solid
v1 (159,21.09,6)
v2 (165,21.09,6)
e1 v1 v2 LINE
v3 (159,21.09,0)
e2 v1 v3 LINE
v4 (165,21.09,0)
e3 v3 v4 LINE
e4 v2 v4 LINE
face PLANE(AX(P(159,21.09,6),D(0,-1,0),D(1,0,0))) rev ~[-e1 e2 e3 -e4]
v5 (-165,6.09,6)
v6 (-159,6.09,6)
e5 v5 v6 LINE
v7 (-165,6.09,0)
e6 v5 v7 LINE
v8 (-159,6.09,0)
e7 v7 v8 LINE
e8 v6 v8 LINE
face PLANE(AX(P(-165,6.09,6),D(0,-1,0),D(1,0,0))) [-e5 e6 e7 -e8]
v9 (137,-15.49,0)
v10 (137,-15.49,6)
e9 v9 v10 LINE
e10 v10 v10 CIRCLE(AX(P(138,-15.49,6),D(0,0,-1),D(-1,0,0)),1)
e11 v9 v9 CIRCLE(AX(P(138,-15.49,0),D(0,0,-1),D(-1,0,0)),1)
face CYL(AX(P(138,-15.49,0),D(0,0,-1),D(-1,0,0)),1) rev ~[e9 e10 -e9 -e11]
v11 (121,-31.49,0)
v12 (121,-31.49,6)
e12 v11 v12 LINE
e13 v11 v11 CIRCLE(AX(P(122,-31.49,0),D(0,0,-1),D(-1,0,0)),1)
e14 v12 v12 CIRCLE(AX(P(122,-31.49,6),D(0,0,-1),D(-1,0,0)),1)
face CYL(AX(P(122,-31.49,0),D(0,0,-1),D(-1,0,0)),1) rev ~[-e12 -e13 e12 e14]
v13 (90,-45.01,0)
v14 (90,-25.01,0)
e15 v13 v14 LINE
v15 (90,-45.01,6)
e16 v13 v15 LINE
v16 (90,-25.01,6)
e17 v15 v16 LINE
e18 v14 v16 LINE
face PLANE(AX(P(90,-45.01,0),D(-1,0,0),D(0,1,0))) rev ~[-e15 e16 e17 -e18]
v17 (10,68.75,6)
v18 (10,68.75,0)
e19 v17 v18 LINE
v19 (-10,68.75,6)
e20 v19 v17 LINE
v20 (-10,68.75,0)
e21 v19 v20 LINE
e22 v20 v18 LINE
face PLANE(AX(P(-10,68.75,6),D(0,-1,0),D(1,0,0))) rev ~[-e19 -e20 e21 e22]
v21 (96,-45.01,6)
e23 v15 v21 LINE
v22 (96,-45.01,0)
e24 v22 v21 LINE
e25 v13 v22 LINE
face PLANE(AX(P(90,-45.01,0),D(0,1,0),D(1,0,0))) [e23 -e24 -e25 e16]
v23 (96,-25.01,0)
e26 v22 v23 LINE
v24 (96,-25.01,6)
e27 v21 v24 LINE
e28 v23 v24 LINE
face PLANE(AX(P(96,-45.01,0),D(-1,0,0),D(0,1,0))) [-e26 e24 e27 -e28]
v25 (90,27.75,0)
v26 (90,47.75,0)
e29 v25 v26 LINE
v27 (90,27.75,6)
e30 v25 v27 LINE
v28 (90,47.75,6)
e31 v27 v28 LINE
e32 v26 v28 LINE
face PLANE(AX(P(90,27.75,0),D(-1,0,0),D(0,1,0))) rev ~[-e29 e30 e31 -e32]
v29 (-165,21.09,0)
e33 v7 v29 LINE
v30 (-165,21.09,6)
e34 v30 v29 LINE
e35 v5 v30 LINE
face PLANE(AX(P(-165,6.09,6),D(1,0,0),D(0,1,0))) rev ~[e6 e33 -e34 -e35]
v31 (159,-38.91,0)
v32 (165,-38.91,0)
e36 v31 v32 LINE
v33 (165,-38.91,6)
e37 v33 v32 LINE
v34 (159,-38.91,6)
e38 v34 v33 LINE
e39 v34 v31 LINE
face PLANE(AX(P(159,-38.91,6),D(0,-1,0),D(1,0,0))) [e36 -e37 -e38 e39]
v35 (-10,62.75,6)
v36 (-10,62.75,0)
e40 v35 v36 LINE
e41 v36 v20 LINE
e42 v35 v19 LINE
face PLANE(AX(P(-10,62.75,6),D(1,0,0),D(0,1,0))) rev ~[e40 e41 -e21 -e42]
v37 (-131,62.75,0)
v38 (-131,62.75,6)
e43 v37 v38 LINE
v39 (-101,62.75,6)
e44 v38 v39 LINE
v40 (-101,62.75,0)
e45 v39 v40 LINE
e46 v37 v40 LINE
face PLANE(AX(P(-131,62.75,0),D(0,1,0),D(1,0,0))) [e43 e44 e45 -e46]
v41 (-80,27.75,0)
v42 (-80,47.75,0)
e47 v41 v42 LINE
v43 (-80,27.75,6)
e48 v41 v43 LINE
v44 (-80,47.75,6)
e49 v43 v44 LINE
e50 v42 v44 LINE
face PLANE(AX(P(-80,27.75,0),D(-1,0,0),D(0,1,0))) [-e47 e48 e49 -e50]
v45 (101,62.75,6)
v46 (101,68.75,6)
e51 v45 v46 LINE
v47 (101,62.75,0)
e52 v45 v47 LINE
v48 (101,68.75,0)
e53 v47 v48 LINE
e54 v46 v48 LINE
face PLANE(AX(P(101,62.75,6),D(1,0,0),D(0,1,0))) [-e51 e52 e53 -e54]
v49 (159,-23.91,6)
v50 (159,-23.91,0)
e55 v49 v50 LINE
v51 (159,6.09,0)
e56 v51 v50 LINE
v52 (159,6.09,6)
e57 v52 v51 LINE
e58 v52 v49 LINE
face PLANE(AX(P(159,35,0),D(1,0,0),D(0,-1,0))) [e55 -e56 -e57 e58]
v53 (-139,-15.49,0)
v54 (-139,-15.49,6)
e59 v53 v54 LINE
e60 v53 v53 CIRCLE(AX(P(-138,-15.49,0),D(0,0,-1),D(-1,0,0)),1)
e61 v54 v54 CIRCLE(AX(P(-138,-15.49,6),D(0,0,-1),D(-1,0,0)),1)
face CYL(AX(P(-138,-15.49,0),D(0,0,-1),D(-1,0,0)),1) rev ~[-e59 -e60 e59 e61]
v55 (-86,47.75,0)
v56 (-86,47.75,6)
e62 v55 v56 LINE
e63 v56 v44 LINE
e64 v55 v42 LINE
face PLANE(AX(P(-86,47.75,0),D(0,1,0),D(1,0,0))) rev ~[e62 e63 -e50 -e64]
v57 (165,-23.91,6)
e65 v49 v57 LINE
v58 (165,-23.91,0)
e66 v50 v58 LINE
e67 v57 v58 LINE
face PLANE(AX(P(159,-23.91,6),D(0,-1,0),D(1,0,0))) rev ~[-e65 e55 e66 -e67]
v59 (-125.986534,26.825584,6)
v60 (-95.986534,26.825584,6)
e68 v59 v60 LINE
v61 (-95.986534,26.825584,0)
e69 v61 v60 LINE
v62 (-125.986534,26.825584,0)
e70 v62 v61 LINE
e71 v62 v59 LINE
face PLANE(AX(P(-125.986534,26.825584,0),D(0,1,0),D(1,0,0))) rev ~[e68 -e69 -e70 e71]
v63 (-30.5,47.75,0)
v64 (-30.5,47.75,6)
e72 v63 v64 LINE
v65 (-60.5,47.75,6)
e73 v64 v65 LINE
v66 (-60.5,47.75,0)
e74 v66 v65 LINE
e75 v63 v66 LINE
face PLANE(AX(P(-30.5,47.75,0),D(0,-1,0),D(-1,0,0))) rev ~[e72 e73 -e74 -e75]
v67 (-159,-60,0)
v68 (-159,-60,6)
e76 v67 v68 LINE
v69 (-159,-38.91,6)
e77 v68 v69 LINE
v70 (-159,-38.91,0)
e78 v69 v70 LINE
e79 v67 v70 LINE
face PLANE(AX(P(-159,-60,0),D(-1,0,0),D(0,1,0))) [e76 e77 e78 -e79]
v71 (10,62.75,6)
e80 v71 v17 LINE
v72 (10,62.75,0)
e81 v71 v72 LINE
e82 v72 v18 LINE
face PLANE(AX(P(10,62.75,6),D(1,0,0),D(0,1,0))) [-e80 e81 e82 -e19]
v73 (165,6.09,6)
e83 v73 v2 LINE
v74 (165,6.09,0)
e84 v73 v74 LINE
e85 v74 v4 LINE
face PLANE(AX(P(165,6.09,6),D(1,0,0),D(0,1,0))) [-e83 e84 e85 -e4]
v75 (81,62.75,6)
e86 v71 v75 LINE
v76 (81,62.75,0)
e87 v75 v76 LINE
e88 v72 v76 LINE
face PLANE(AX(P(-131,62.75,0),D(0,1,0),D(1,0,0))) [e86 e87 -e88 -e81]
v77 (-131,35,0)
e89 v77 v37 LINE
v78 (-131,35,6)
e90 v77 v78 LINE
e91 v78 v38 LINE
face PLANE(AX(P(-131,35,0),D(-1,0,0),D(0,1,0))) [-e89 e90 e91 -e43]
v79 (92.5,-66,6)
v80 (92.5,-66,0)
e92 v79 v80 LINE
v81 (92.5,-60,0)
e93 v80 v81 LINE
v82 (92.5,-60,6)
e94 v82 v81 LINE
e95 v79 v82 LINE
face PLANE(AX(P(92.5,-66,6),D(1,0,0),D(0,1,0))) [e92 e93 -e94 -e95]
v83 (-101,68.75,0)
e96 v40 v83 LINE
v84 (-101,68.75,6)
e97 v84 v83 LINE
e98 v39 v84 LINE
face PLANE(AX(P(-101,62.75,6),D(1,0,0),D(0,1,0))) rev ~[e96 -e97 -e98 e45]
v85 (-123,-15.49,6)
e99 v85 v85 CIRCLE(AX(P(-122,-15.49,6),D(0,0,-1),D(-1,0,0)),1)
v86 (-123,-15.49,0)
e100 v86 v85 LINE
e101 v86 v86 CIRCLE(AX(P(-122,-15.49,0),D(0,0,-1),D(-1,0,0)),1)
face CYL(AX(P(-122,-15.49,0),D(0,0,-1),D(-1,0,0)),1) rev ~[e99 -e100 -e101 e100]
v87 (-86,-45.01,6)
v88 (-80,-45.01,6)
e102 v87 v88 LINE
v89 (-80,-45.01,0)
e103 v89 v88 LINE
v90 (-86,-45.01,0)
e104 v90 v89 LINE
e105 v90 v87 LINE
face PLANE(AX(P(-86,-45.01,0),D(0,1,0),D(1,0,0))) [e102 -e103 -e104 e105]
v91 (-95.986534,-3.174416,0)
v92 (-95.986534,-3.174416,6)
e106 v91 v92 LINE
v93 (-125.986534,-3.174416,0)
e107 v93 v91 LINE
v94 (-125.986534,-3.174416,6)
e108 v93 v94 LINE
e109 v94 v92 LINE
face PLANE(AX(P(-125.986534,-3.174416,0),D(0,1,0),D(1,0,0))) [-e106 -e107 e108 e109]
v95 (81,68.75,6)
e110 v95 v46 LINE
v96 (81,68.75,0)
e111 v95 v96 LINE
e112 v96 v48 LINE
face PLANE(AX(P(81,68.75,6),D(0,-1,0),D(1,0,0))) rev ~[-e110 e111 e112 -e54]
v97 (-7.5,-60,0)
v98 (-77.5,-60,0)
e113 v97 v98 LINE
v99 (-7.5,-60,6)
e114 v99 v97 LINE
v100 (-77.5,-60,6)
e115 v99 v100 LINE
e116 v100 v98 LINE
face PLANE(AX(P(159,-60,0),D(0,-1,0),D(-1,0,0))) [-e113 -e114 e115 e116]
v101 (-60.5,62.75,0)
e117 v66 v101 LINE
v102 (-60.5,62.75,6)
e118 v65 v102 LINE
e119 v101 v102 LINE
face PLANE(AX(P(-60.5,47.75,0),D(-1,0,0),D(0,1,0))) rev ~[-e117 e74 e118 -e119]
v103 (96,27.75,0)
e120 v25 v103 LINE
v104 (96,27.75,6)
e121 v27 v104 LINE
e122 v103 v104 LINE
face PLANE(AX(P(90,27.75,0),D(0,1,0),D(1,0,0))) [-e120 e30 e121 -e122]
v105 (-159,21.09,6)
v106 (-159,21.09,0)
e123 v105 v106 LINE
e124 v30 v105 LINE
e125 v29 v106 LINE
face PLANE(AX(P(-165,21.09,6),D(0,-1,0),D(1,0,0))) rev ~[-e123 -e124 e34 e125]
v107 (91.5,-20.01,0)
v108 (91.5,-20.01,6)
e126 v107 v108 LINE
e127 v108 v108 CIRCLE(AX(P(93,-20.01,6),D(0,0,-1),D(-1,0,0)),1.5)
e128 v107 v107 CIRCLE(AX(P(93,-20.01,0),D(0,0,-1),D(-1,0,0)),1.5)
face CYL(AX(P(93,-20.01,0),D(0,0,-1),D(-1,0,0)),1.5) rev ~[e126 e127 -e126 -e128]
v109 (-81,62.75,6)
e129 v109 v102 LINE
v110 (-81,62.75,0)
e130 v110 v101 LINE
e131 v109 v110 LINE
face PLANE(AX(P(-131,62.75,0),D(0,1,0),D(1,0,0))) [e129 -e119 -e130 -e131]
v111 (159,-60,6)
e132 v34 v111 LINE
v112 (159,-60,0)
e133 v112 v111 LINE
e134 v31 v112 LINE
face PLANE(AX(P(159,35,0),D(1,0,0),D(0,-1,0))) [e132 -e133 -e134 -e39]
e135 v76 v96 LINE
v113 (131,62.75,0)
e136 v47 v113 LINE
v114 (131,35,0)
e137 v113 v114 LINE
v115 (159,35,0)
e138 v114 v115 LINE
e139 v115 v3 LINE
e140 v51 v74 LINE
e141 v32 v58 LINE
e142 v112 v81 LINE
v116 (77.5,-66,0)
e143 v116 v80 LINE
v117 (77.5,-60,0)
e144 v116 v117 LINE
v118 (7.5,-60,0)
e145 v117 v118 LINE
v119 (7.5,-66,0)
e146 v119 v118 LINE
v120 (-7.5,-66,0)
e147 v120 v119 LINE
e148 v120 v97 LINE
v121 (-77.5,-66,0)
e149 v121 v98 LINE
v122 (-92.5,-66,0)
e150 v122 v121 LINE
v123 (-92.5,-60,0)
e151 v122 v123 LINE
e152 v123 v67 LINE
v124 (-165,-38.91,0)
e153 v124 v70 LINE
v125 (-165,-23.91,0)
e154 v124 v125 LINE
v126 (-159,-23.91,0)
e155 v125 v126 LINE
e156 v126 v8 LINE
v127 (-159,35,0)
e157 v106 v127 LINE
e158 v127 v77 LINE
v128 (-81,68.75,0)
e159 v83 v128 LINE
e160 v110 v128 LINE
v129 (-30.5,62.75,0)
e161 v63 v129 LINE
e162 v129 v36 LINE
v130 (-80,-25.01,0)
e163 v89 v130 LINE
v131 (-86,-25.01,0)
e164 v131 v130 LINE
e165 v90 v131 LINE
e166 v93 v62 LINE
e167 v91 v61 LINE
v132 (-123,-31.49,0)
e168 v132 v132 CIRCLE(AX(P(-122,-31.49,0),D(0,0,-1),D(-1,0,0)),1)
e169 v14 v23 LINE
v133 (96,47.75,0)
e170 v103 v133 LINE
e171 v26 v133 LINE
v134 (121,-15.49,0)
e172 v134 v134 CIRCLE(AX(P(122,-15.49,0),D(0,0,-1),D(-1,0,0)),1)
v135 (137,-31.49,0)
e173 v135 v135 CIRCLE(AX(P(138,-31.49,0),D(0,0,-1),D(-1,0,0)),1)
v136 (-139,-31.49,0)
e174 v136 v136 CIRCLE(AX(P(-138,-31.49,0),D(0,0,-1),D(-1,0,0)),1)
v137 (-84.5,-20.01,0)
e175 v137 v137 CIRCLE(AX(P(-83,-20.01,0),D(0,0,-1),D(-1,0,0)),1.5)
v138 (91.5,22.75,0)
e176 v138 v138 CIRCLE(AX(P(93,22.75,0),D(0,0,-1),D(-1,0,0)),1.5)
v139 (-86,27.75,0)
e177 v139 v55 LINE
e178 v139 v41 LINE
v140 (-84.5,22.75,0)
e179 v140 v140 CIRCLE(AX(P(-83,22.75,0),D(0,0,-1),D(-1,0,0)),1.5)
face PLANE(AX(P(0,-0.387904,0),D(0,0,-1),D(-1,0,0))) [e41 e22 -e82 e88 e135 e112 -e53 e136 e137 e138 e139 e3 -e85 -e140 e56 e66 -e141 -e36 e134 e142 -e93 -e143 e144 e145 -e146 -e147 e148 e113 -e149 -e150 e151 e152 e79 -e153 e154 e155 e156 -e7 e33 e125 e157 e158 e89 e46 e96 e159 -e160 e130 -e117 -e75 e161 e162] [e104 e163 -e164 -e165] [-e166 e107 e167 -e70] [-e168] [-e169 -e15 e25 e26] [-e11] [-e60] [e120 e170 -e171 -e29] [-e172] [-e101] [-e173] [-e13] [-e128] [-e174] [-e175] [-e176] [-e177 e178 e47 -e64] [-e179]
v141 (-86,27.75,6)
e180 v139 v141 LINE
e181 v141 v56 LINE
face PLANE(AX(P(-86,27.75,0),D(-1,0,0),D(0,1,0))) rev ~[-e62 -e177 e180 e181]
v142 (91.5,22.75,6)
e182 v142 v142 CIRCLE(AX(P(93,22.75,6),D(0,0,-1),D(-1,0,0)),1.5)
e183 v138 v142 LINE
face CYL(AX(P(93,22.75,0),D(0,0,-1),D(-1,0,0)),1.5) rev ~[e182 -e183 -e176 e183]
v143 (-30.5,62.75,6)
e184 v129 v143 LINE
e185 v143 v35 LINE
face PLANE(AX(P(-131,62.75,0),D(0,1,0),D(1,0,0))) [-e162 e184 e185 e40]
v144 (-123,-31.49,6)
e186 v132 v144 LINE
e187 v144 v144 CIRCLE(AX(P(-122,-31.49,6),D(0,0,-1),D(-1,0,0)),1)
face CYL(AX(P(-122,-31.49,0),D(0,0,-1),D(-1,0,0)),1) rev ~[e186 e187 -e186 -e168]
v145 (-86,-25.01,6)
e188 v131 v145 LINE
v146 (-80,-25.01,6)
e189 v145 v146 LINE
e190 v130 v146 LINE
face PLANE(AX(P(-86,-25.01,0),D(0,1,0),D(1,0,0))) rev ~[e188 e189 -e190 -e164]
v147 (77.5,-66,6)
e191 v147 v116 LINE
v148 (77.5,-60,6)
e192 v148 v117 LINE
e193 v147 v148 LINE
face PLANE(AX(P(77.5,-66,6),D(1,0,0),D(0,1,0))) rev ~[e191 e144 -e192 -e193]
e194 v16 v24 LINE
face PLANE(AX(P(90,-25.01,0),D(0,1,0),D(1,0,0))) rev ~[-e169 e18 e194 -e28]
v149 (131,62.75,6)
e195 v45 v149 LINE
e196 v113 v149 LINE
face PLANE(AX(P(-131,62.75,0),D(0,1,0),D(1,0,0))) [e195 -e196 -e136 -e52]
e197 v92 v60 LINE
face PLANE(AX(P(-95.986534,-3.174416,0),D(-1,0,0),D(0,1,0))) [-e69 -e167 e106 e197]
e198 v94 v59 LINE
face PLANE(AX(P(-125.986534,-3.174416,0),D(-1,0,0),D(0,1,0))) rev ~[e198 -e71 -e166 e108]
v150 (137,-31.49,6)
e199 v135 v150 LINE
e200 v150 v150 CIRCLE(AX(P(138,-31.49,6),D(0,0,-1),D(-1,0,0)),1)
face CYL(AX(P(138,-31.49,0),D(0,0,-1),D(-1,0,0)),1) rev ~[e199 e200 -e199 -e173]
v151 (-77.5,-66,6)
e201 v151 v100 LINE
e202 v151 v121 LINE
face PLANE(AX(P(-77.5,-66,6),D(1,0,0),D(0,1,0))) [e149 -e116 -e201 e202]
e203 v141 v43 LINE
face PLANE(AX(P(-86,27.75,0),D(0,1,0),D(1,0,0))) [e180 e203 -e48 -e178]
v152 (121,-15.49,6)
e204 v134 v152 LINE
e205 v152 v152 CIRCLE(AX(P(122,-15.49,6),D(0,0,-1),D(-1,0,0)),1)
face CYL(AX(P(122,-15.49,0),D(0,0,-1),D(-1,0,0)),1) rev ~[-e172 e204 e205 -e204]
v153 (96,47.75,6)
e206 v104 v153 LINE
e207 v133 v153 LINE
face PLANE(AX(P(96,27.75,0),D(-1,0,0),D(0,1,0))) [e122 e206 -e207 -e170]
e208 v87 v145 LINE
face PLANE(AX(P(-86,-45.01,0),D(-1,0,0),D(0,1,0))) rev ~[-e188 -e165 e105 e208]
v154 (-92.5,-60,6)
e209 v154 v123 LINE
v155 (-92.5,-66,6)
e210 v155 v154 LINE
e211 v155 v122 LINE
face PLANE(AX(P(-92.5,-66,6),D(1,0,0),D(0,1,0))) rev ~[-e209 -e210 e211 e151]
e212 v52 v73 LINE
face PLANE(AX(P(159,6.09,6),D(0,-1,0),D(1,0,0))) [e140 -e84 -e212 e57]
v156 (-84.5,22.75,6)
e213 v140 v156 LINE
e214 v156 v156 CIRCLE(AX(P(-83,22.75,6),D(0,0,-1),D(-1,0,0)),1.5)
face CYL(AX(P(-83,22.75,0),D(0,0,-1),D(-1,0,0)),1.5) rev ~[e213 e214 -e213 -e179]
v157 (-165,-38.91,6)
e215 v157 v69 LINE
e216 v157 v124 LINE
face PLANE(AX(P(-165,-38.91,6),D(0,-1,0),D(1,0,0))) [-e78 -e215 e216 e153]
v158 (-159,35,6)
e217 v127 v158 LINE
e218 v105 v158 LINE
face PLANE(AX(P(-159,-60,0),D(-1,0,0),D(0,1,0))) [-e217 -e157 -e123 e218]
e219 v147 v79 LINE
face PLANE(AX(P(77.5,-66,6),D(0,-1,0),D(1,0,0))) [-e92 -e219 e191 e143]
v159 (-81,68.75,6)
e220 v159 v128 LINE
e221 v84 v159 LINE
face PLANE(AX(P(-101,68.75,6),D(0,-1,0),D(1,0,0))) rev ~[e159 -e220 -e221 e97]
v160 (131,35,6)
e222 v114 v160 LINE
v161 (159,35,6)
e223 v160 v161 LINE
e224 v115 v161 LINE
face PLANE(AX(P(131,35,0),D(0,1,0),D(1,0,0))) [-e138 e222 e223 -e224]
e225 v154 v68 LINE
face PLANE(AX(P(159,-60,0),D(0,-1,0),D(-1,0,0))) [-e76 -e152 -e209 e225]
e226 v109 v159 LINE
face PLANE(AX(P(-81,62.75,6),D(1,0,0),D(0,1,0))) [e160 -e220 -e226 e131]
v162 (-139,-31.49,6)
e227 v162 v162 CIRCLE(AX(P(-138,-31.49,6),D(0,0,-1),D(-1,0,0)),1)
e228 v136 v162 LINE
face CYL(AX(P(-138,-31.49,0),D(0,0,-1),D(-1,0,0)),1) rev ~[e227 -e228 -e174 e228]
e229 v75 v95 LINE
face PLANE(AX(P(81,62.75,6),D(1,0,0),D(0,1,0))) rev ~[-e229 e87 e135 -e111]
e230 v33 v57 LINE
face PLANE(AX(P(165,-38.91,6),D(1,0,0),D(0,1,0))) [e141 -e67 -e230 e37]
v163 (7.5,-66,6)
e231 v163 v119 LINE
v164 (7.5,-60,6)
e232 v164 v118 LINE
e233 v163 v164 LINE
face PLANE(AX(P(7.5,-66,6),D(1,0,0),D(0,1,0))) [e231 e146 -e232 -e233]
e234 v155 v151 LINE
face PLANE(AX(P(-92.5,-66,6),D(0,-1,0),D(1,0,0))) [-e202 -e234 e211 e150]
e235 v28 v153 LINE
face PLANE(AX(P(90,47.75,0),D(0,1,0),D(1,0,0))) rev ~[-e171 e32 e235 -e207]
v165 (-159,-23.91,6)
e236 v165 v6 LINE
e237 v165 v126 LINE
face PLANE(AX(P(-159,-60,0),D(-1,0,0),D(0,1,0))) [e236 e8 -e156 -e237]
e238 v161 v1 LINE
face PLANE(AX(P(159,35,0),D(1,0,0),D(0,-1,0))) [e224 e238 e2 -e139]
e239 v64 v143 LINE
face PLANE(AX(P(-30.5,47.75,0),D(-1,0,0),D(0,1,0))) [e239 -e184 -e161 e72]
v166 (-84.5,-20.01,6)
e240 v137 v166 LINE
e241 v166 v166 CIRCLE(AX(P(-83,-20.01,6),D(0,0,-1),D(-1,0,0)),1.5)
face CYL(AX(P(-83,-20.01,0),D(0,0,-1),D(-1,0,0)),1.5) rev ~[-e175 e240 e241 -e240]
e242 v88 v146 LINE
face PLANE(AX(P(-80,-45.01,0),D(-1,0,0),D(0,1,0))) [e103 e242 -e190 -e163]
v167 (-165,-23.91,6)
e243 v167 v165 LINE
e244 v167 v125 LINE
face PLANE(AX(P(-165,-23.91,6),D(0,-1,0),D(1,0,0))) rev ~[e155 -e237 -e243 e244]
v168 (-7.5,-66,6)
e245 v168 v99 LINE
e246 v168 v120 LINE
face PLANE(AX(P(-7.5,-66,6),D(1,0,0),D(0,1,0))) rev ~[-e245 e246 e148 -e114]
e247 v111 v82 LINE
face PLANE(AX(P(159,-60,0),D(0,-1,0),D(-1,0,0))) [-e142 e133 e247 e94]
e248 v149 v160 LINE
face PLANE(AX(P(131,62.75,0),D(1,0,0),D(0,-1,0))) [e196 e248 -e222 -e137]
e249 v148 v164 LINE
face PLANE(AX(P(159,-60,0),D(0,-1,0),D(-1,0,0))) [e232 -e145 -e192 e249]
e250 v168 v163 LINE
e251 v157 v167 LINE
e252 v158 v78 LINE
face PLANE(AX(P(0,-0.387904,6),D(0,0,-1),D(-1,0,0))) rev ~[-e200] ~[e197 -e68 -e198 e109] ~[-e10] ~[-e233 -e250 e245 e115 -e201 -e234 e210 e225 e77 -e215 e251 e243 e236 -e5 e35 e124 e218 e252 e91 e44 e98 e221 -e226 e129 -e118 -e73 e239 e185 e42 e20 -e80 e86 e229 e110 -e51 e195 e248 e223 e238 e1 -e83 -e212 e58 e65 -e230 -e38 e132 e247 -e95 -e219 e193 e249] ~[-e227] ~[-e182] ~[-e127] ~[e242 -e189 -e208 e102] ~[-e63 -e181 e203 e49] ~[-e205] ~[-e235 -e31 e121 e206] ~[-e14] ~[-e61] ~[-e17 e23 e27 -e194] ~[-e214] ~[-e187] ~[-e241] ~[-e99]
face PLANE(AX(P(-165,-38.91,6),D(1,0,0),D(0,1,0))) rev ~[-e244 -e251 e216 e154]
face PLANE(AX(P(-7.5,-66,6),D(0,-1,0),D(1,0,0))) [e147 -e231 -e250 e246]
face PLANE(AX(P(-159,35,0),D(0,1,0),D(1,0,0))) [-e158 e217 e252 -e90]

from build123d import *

# Parameters (mm, degrees)
ESQUISSE1_W             = 6
ESQUISSE1_H             = 20
ESQUISSE1_W_2           = 30
ESQUISSE1_H_2           = 30
BOSS_EXTRU_1_DEPTH      = 6
ESQUISSE2_W             = 15
ESQUISSE2_H             = 6
ESQUISSE2_W_2           = 6
ESQUISSE2_H_2           = 15
ESQUISSE2_W_3           = 20
BOSS_EXTRU_2_DEPTH      = 6
ESQUISSE3_R             = 1
ESQUISSE3_R_2           = 1.5
ENL_V_MAT_EXTRU_1_DEPTH = 6
ESQUISSE4_W             = 30
ESQUISSE4_H             = 15
ENL_V_MAT_EXTRU_2_DEPTH = 6


with BuildPart() as part:
    # Esquisse1 → Boss.-Extru.1 (new body)
    with BuildSketch(Plane.XY):
        Polygon((-159, 35), (-131, 35), (-131, 62.75), (131, 62.75), (131, 35), (159, 35), (159, -60), (-159, -60), align=None)
        with Locations((93, 37.75)):
            Rectangle(ESQUISSE1_W, ESQUISSE1_H, mode=Mode.SUBTRACT)
        with Locations((93, -35.01)):
            Rectangle(ESQUISSE1_W, ESQUISSE1_H, mode=Mode.SUBTRACT)
        with Locations((-83, 37.75)):
            Rectangle(ESQUISSE1_W, ESQUISSE1_H, mode=Mode.SUBTRACT)
        with Locations((-83, -35.01)):
            Rectangle(ESQUISSE1_W, ESQUISSE1_H, mode=Mode.SUBTRACT)
        with Locations((-110.986534361, 11.825583908)):
            Rectangle(ESQUISSE1_W_2, ESQUISSE1_H_2, mode=Mode.SUBTRACT)
    extrude(amount=BOSS_EXTRU_1_DEPTH)

    # Esquisse2 → Boss.-Extru.2 (add)
    with BuildSketch(Plane.XY.offset(6)):
        with Locations((-85, -63)):
            Rectangle(ESQUISSE2_W, ESQUISSE2_H)
        with Locations((0, -63)):
            Rectangle(ESQUISSE2_W, ESQUISSE2_H)
        with Locations((85, -63)):
            Rectangle(ESQUISSE2_W, ESQUISSE2_H)
        with Locations((-162, 13.59)):
            Rectangle(ESQUISSE2_W_2, ESQUISSE2_H_2)
        with Locations((-162, -31.41)):
            Rectangle(ESQUISSE2_W_2, ESQUISSE2_H_2)
        with Locations((162, -31.41)):
            Rectangle(ESQUISSE2_W_2, ESQUISSE2_H_2)
        with Locations((162, 13.59)):
            Rectangle(ESQUISSE2_W_2, ESQUISSE2_H_2)
        with Locations((91, 65.75)):
            Rectangle(ESQUISSE2_W_3, ESQUISSE2_H)
        with Locations((-91, 65.75)):
            Rectangle(ESQUISSE2_W_3, ESQUISSE2_H)
        with Locations((0, 65.75)):
            Rectangle(ESQUISSE2_W_3, ESQUISSE2_H)
    extrude(amount=-BOSS_EXTRU_2_DEPTH)

    # Esquisse3 → Enlèv. mat.-Extru.1 (cut)
    with BuildSketch(Plane(origin=(0, 0, 0), x_dir=(-1, 0, 0), z_dir=(0, 0, -1))):
        with Locations((138, -31.49)):
            Circle(ESQUISSE3_R)
        with Locations((138, -15.49)):
            Circle(ESQUISSE3_R)
        with Locations((122, -15.49)):
            Circle(ESQUISSE3_R)
        with Locations((122, -31.49)):
            Circle(ESQUISSE3_R)
        with Locations((-122, -31.49)):
            Circle(ESQUISSE3_R)
        with Locations((-122, -15.49)):
            Circle(ESQUISSE3_R)
        with Locations((-138, -15.49)):
            Circle(ESQUISSE3_R)
        with Locations((-138, -31.49)):
            Circle(ESQUISSE3_R)
        with Locations((83, 22.75)):
            Circle(ESQUISSE3_R_2)
        with Locations((83, -20.01)):
            Circle(ESQUISSE3_R_2)
        with Locations((-93, 22.75)):
            Circle(ESQUISSE3_R_2)
        with Locations((-93, -20.01)):
            Circle(ESQUISSE3_R_2)
    extrude(amount=-ENL_V_MAT_EXTRU_1_DEPTH, mode=Mode.SUBTRACT)

    # Esquisse4 → Enlèv. mat.-Extru.2 (cut)
    with BuildSketch(Plane(origin=(0, 0, 0), x_dir=(-1, 0, 0), z_dir=(0, 0, -1))):
        with Locations((45.5, 55.25)):
            Rectangle(ESQUISSE4_W, ESQUISSE4_H)
    extrude(amount=-ENL_V_MAT_EXTRU_2_DEPTH, mode=Mode.SUBTRACT)


solid = part.part
